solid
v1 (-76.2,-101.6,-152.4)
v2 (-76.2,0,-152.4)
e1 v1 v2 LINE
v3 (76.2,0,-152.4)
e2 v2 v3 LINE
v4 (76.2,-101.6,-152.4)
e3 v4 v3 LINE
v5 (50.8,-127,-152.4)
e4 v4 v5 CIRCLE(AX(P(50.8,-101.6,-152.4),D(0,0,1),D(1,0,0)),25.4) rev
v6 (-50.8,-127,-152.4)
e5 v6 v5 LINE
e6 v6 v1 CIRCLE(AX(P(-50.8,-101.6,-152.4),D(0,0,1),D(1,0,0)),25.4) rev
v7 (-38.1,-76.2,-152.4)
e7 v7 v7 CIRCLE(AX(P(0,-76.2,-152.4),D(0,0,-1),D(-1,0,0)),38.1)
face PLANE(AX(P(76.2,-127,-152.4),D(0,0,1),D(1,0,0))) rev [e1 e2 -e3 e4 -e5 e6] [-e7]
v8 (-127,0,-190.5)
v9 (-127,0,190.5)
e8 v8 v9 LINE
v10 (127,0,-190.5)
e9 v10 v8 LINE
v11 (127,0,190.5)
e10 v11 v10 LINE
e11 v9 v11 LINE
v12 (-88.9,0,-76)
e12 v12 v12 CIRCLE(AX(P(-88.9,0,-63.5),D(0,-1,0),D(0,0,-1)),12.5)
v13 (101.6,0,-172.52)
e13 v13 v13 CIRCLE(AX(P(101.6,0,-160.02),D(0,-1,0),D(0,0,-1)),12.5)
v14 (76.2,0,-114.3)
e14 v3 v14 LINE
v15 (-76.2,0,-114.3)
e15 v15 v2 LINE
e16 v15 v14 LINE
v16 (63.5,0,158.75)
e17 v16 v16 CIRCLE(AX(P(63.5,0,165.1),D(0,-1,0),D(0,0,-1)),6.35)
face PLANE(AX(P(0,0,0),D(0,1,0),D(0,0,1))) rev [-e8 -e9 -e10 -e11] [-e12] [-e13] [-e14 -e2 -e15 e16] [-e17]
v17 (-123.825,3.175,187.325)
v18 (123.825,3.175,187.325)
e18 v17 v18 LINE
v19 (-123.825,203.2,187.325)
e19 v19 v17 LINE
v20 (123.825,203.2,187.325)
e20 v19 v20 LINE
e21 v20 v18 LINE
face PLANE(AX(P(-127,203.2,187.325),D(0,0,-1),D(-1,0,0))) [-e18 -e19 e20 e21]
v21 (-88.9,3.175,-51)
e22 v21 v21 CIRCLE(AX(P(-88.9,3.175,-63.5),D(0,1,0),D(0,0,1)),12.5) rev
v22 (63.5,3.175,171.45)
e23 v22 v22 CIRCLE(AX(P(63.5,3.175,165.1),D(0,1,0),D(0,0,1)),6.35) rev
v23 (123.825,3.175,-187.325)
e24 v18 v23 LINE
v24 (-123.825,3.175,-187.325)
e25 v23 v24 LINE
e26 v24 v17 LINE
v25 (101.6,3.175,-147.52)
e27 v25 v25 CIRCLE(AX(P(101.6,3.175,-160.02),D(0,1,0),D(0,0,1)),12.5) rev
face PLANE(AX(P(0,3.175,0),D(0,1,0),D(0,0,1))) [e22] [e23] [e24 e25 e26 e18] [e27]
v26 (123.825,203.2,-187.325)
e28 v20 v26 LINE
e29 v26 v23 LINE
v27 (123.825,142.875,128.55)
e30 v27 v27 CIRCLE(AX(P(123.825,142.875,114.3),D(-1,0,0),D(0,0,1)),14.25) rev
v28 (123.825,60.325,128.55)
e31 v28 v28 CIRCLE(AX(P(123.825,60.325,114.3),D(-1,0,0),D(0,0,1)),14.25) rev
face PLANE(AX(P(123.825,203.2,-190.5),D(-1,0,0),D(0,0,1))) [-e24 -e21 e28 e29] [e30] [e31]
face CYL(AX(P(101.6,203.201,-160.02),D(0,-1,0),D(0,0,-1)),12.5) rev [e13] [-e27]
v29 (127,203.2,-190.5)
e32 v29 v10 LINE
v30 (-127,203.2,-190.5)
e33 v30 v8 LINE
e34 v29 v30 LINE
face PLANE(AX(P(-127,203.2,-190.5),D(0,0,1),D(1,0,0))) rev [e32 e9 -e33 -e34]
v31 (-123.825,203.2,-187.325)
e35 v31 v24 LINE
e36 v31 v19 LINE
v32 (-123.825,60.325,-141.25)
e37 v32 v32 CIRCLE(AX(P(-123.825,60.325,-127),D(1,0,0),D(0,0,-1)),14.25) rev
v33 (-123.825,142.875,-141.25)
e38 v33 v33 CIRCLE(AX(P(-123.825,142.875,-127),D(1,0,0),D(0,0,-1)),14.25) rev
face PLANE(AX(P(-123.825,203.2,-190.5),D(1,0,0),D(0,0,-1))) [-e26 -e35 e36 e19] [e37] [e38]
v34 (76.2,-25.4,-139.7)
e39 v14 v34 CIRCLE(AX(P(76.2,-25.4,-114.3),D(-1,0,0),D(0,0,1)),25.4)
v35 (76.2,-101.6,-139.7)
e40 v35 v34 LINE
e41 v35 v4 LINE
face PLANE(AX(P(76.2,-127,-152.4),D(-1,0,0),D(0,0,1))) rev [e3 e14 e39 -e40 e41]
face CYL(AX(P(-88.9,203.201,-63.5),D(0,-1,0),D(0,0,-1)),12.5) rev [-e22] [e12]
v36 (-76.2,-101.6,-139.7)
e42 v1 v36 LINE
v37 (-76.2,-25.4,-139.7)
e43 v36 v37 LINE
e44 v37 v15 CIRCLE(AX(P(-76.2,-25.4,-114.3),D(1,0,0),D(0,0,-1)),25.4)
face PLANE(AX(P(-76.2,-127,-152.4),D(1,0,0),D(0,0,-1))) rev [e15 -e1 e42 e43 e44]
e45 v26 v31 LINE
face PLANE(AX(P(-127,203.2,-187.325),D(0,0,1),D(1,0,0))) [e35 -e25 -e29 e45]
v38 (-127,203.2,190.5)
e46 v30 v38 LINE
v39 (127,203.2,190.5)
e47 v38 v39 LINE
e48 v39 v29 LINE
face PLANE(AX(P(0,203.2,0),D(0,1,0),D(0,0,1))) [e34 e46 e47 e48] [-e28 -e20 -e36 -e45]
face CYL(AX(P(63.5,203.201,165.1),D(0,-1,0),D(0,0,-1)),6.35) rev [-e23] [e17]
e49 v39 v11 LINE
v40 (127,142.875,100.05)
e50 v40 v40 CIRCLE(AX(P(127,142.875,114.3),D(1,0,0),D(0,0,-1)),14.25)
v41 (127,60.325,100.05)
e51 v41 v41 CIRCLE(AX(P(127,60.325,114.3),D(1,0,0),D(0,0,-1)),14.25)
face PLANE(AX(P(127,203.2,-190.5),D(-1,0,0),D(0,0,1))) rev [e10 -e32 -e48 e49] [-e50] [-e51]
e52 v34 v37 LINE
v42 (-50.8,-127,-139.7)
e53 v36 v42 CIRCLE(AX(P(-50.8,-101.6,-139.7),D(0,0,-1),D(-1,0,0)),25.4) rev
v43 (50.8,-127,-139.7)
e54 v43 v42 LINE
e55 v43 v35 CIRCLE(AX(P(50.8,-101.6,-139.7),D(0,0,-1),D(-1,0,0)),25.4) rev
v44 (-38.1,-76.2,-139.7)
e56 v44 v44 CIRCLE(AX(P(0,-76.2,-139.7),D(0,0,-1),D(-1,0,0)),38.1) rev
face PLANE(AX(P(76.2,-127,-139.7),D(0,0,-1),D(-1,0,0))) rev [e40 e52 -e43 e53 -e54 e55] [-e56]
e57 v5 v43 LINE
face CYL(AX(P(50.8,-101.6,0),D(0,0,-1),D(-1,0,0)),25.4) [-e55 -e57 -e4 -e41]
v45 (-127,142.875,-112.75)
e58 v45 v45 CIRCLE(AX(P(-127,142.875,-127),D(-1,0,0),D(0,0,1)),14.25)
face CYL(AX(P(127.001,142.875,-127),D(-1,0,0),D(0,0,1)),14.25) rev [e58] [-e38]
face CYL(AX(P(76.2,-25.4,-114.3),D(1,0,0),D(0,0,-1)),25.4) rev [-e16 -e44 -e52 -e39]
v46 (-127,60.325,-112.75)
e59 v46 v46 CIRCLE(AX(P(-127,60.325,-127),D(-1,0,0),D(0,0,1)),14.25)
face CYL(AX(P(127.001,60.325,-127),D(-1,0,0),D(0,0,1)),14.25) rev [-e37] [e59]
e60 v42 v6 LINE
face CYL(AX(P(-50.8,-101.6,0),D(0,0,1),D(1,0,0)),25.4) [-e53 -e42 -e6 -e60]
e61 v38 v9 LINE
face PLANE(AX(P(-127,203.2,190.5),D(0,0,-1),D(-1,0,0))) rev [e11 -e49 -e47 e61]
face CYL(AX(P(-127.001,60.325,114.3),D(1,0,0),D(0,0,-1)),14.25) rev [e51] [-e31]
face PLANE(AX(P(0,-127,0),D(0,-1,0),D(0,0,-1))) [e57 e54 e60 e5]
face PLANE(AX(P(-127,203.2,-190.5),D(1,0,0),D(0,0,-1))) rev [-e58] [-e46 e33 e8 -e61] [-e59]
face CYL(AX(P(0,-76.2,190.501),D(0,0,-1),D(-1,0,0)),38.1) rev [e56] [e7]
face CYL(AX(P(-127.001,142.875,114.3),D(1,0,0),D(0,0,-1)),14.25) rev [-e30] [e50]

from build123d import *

# Parameters (mm, degrees)
SKETCH1_W           = 254
SKETCH1_H           = 381
BOSS_EXTRUDE1_DEPTH = 203.2
SHELL1_T            = -3.175
CUT_EXTRUDE1_REACH  = 378.957
SKETCH2_R           = 14.25
CUT_EXTRUDE2_REACH  = 378.957
SKETCH3_R           = 14.25
SKETCH4_W           = 152.4
SKETCH4_H           = 12.7
BOSS_EXTRUDE2_DEPTH = 127
CUT_EXTRUDE3_REACH  = 420.33
SKETCH5_R           = 38.1
FILLET1_R           = 25.4
FILLET2_R           = 25.4
CUT_EXTRUDE4_REACH  = 308.12
SKETCH6_R           = 6.35
SKETCH6_R_2         = 12.5


with BuildPart() as part:
    # Sketch1 → Boss-Extrude1 (new body)
    with BuildSketch(Plane(origin=(0, 0, 0), x_dir=(1, 0, 0), z_dir=(0, 1, 0))):
        Rectangle(SKETCH1_W, SKETCH1_H)
    extrude(amount=BOSS_EXTRUDE1_DEPTH)

    # Shell1
    shell1_openings = [part.faces().sort_by_distance(p)[0] for p in [
        (0, 203.2, 0),
    ]]
    offset(amount=SHELL1_T, openings=shell1_openings, kind=Kind.INTERSECTION)

    # Sketch2 → Cut-Extrude1 (cut, up to next)
    with BuildSketch(Plane(origin=(127, 0, 0), x_dir=(0, 0, -1), z_dir=(1, 0, 0)), mode=Mode.PRIVATE) as cut_extrude1_sk1:
        with Locations((-114.3, 142.875)):
            Circle(SKETCH2_R)
    cut_extrude1_tool1 = extrude(cut_extrude1_sk1.sketch, amount=-CUT_EXTRUDE1_REACH, mode=Mode.PRIVATE) & part.part
    # Sketch2 → Cut-Extrude1 (cut, up to next)
    with BuildSketch(Plane(origin=(127, 0, 0), x_dir=(0, 0, -1), z_dir=(1, 0, 0)), mode=Mode.PRIVATE) as cut_extrude1_sk2:
        with Locations((-114.3, 60.325)):
            Circle(SKETCH2_R)
    cut_extrude1_tool2 = extrude(cut_extrude1_sk2.sketch, amount=-CUT_EXTRUDE1_REACH, mode=Mode.PRIVATE) & part.part
    add(cut_extrude1_tool1.solids().sort_by_distance((127, 142.875, 114.3))[0], mode=Mode.SUBTRACT)
    add(cut_extrude1_tool2.solids().sort_by_distance((127, 60.325, 114.3))[0], mode=Mode.SUBTRACT)

    # Sketch3 → Cut-Extrude2 (cut, up to next)
    with BuildSketch(Plane.ZY.offset(127), mode=Mode.PRIVATE) as cut_extrude2_sk1:
        with Locations((-127, 142.875)):
            Circle(SKETCH3_R)
    cut_extrude2_tool1 = extrude(cut_extrude2_sk1.sketch, amount=-CUT_EXTRUDE2_REACH, mode=Mode.PRIVATE) & part.part
    # Sketch3 → Cut-Extrude2 (cut, up to next)
    with BuildSketch(Plane.ZY.offset(127), mode=Mode.PRIVATE) as cut_extrude2_sk2:
        with Locations((-127, 60.325)):
            Circle(SKETCH3_R)
    cut_extrude2_tool2 = extrude(cut_extrude2_sk2.sketch, amount=-CUT_EXTRUDE2_REACH, mode=Mode.PRIVATE) & part.part
    add(cut_extrude2_tool1.solids().sort_by_distance((-127, 142.875, -127))[0], mode=Mode.SUBTRACT)
    add(cut_extrude2_tool2.solids().sort_by_distance((-127, 60.325, -127))[0], mode=Mode.SUBTRACT)

    # Sketch4 → Boss-Extrude2 (add)
    with BuildSketch(Plane.XZ):
        with Locations((0, -146.05)):
            Rectangle(SKETCH4_W, SKETCH4_H)
    extrude(amount=BOSS_EXTRUDE2_DEPTH)

    # Sketch5 → Cut-Extrude3 (cut, up to next)
    with BuildSketch(Plane(origin=(0, 0, -152.4), x_dir=(-1, 0, 0), z_dir=(0, 0, -1)), mode=Mode.PRIVATE) as cut_extrude3_sk1:
        with Locations((0, -76.2)):
            Circle(SKETCH5_R)
    cut_extrude3_tool1 = extrude(cut_extrude3_sk1.sketch, amount=-CUT_EXTRUDE3_REACH, mode=Mode.PRIVATE) & part.part
    add(cut_extrude3_tool1.solids().sort_by_distance((0, -76.2, -152.4))[0], mode=Mode.SUBTRACT)

    # Fillet1
    fillet1_edges = [part.edges().sort_by_distance(p)[0] for p in [
        (-76.2, -127, -146.05),
        (76.2, -127, -146.05),
    ]]
    fillet(fillet1_edges, radius=FILLET1_R)

    # Fillet2
    fillet2_edges = [part.edges().sort_by_distance(p)[0] for p in [
        (0, 0, -139.7),
    ]]
    fillet(fillet2_edges, radius=FILLET2_R)

    # Sketch6 → Cut-Extrude4 (cut, up to next)
    with BuildSketch(Plane.XZ, mode=Mode.PRIVATE) as cut_extrude4_sk1:
        with Locations((63.5, 165.1)):
            Circle(SKETCH6_R)
    cut_extrude4_tool1 = extrude(cut_extrude4_sk1.sketch, amount=-CUT_EXTRUDE4_REACH, mode=Mode.PRIVATE) & part.part
    # Sketch6 → Cut-Extrude4 (cut, up to next)
    with BuildSketch(Plane.XZ, mode=Mode.PRIVATE) as cut_extrude4_sk2:
        with Locations((-88.9, -63.5)):
            Circle(SKETCH6_R_2)
    cut_extrude4_tool2 = extrude(cut_extrude4_sk2.sketch, amount=-CUT_EXTRUDE4_REACH, mode=Mode.PRIVATE) & part.part
    # Sketch6 → Cut-Extrude4 (cut, up to next)
    with BuildSketch(Plane.XZ, mode=Mode.PRIVATE) as cut_extrude4_sk3:
        with Locations((101.6, -160.02)):
            Circle(SKETCH6_R_2)
    cut_extrude4_tool3 = extrude(cut_extrude4_sk3.sketch, amount=-CUT_EXTRUDE4_REACH, mode=Mode.PRIVATE) & part.part
    add(cut_extrude4_tool1.solids().sort_by_distance((63.5, 0, 165.1))[0], mode=Mode.SUBTRACT)
    add(cut_extrude4_tool2.solids().sort_by_distance((-88.9, 0, -63.5))[0], mode=Mode.SUBTRACT)
    add(cut_extrude4_tool3.solids().sort_by_distance((101.6, 0, -160.02))[0], mode=Mode.SUBTRACT)


solid = part.part
